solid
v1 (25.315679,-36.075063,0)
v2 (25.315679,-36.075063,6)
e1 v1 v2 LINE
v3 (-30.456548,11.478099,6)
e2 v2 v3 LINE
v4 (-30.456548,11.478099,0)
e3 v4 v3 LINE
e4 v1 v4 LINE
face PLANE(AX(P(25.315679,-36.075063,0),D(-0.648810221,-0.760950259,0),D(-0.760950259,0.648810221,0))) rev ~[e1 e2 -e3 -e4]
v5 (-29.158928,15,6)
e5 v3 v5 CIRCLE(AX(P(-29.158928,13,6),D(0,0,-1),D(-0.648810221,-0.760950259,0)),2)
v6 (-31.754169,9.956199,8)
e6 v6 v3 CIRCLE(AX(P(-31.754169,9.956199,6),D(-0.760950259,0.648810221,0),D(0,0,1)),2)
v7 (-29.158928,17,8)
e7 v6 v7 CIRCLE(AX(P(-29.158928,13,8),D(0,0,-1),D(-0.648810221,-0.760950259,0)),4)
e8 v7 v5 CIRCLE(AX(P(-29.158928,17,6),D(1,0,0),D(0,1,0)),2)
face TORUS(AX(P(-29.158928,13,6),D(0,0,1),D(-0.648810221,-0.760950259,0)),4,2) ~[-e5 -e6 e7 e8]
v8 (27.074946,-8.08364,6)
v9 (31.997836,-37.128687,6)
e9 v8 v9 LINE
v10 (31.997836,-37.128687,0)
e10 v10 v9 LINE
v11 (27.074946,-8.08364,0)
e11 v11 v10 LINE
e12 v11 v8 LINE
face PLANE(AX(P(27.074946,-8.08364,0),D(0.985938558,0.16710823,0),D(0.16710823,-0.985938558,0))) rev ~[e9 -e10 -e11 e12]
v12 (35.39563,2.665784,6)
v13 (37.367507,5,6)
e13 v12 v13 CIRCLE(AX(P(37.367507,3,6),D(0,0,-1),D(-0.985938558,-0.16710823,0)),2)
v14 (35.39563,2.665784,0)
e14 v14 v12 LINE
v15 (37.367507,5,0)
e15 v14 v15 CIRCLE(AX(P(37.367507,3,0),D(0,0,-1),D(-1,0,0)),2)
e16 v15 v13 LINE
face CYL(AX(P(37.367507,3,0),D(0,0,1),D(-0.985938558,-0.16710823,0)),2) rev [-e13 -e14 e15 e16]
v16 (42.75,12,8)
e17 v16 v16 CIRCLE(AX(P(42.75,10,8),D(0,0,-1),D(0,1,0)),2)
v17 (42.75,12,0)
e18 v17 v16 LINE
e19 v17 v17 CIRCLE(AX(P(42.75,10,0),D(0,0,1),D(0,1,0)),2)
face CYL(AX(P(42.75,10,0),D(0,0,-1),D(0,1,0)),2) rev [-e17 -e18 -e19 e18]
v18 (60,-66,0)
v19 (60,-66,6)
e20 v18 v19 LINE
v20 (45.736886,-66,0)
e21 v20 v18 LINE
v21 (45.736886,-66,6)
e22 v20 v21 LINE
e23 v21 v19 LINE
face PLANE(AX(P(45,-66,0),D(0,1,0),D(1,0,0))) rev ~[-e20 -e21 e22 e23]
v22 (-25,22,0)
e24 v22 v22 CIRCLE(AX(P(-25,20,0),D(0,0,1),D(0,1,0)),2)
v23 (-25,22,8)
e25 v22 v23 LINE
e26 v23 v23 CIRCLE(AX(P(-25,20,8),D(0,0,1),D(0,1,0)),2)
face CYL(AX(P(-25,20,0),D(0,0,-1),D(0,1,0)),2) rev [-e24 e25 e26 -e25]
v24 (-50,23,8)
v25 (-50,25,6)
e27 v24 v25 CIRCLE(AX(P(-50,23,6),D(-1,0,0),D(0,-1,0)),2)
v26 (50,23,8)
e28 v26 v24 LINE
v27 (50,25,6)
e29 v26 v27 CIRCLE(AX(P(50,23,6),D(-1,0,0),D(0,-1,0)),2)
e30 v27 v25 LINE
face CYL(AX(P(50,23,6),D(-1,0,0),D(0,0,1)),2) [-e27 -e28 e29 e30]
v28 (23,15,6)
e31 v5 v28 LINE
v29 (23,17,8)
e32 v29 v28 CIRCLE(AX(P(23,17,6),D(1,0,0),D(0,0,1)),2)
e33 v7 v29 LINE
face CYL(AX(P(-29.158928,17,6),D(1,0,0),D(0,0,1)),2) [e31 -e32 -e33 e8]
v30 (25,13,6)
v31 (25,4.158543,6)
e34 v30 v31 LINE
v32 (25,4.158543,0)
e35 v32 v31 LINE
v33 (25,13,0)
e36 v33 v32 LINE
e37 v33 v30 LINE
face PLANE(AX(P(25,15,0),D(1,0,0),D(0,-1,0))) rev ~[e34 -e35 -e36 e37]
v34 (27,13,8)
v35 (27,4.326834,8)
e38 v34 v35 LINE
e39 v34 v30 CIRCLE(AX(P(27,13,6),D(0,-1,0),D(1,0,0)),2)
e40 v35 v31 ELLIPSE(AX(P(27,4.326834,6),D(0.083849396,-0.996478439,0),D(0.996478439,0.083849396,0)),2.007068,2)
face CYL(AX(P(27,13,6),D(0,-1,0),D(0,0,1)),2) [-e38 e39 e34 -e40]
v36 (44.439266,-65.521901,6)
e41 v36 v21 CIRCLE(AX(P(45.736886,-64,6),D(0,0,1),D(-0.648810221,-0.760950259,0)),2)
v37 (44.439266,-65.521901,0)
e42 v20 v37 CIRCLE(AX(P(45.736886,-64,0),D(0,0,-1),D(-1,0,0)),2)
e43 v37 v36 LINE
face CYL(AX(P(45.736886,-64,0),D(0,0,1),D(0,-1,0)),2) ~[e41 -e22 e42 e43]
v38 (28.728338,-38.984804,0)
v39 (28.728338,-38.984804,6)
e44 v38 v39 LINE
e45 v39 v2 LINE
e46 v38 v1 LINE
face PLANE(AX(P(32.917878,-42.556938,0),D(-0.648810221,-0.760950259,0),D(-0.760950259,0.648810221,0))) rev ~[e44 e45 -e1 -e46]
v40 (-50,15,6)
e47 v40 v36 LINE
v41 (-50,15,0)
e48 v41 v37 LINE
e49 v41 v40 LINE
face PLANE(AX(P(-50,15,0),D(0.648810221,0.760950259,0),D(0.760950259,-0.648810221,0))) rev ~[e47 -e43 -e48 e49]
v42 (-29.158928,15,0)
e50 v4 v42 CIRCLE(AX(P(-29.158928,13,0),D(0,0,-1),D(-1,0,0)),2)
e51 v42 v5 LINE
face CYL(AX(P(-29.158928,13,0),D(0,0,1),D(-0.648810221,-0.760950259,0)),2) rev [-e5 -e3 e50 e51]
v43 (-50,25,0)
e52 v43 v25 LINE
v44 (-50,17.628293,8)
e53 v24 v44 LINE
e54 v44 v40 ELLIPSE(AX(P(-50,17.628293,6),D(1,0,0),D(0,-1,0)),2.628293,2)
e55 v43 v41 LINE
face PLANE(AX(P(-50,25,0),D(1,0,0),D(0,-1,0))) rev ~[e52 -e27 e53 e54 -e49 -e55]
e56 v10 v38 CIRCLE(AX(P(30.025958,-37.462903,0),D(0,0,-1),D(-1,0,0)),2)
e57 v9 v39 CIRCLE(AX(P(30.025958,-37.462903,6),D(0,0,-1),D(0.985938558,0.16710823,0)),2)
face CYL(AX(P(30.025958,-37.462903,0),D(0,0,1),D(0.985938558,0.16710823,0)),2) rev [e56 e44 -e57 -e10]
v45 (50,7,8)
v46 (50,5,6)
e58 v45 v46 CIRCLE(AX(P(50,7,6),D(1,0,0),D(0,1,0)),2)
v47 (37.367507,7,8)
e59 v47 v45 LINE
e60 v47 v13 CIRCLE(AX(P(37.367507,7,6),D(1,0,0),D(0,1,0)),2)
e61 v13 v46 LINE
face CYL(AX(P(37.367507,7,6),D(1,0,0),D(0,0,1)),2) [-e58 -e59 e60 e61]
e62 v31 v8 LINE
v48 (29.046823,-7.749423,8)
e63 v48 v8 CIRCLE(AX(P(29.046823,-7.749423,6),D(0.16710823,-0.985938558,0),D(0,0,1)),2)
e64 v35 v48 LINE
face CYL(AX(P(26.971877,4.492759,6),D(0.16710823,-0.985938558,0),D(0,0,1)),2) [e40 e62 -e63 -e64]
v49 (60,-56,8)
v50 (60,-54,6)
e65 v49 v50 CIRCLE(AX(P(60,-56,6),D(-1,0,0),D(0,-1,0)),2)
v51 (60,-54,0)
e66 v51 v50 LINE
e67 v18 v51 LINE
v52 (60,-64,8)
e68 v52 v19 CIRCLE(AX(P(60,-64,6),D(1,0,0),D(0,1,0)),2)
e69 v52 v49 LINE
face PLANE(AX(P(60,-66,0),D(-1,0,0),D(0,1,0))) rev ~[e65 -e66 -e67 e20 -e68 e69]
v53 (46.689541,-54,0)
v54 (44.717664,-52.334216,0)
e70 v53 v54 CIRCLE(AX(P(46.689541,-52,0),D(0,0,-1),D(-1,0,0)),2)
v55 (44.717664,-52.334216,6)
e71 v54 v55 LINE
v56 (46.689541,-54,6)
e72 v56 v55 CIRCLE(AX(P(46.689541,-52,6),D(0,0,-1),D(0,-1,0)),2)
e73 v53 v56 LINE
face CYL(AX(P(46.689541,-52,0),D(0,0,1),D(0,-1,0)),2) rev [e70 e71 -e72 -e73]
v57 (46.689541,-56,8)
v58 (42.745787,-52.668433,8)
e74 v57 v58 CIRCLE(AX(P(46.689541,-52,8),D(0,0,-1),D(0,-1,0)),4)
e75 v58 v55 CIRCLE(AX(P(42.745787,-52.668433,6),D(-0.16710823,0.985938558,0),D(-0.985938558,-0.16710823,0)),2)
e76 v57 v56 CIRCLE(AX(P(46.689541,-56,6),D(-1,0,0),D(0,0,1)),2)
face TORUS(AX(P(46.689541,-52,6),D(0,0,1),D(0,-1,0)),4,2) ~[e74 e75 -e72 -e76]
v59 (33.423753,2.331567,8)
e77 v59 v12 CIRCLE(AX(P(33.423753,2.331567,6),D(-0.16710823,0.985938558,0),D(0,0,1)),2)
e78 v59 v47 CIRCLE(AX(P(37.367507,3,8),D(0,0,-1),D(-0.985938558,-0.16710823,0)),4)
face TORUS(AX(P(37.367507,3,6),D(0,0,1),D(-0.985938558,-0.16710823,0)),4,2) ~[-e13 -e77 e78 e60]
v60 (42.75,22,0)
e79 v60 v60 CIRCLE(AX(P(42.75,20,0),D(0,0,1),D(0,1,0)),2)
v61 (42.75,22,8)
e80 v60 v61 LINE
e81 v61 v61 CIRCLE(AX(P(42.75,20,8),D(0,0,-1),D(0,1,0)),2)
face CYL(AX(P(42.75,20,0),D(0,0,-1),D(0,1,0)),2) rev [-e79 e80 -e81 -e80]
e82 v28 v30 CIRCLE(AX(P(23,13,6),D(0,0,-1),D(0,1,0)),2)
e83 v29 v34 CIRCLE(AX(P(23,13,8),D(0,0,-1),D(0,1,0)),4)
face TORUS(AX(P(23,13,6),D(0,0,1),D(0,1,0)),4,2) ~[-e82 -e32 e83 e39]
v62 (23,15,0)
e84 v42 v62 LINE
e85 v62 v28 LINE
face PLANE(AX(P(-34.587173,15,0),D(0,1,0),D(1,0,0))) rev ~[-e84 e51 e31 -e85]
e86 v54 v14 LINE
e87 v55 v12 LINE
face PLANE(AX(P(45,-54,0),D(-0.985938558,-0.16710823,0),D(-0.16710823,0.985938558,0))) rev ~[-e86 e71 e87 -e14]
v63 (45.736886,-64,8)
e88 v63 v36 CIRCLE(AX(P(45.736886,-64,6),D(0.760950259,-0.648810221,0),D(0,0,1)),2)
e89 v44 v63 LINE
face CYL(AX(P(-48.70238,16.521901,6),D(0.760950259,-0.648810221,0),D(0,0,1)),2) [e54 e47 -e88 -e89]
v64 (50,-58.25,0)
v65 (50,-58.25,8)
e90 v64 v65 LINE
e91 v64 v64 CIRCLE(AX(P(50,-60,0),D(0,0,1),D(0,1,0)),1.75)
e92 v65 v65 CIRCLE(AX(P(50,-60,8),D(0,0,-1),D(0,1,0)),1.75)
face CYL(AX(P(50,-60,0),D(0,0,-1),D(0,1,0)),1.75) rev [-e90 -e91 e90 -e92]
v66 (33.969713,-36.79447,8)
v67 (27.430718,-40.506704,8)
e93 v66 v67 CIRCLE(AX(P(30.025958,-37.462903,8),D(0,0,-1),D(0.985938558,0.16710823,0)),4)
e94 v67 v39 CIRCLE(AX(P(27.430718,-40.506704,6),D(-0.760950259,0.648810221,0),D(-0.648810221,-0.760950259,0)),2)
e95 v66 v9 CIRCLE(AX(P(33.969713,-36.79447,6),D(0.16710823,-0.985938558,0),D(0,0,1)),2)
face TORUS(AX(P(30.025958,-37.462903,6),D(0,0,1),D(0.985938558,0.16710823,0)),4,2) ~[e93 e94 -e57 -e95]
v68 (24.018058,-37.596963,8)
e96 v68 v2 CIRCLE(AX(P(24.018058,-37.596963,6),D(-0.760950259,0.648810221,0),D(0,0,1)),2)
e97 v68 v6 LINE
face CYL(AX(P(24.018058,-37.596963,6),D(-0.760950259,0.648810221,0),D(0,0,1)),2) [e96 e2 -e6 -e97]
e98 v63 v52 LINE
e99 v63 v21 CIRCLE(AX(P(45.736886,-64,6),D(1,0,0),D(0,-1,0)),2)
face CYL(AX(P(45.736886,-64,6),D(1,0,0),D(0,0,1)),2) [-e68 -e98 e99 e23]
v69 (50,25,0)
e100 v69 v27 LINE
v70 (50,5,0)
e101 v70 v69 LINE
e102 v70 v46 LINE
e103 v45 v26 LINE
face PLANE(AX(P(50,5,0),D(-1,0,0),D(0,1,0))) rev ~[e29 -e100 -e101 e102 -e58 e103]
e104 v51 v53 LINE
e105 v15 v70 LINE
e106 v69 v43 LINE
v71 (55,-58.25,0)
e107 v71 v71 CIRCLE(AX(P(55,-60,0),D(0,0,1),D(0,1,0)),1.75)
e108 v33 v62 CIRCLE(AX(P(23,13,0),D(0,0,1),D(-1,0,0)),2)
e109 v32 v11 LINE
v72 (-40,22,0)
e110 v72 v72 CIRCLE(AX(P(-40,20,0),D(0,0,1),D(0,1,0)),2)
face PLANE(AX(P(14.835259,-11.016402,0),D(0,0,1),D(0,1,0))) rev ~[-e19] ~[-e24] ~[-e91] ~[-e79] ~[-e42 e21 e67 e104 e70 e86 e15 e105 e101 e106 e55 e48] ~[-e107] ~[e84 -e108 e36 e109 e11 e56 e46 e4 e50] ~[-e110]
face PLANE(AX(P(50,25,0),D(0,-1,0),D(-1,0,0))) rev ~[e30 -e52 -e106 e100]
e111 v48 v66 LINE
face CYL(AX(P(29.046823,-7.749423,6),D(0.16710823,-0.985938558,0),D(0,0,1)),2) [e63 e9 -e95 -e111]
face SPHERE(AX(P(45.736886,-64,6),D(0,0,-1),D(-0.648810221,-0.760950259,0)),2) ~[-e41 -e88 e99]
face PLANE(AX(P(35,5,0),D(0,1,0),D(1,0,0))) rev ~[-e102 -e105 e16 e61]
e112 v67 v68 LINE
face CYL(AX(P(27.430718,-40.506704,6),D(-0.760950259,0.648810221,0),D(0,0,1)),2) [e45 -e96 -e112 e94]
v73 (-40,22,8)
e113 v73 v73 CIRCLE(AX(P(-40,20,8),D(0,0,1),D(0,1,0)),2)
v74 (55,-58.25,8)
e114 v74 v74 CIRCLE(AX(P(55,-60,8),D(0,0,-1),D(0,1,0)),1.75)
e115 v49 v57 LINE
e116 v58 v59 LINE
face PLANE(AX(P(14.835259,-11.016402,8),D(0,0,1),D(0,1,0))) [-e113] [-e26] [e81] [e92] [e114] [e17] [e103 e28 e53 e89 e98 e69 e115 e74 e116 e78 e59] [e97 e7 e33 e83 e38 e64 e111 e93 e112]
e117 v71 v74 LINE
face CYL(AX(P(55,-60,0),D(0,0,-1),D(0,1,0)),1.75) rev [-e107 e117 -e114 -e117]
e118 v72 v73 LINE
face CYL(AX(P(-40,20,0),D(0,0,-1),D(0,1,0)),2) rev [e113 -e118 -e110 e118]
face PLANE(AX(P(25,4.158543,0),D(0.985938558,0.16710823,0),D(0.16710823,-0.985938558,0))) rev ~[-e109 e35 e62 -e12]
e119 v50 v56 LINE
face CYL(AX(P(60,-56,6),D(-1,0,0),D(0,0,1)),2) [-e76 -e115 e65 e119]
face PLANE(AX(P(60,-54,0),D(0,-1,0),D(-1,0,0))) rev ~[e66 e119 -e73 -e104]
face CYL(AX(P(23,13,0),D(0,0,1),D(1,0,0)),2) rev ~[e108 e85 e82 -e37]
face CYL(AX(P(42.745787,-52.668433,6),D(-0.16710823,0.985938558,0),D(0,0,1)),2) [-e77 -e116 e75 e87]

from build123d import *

# Parameters (mm, degrees)
F0_R      = 2
F1_DEPTH  = 10
F2_R      = 5
F4_R      = 2
F5_DEPTH  = 10
F7_R      = 5
F7_2_R    = 5
F8_R      = 2
F8_2_R    = 2
F10_DEPTH = 25
F11_R     = 1.5
F12_R     = 1.75
F13_DEPTH = 12.5
F15_W     = 9
F15_H     = 20
F16_DEPTH = 10
F17_W     = 6
F17_H     = 20
F18_DEPTH = 25
F21_R     = 2
F22_DEPTH = 30
F24_R     = 2
F25_DEPTH = 12.5
F27_R     = 2
F28_R     = 2
F29_DEPTH = 8
F30_R     = 2
F31_R     = 2
F32_R     = 1.75
F33_DEPTH = 25
F32_R_2   = 2
F37_ANGLE = 90
F40_W     = 60
F40_H     = 10
F40_R     = 2
F41_DEPTH = 8
F43_R     = 1.5


with BuildPart() as f1:
    # F0 (on Top) → F1 (new body)
    with BuildSketch(Plane.XY):
        Polygon((0, 70), (0, 75), (-20, 75), (-30, 75), (-50, -75), (-40, -75), (0, -75), (0, -65), (-38.6666666667, -65), (-30.8, -6), (0, -6), (0, 0), (0, 6), (-29.2, 6), (-21.3333333333, 65), (0, 65), align=None)
        with Locations((-15, 0)):
            Circle(F0_R, mode=Mode.SUBTRACT)
        with Locations((-10.4101235047, 70)):
            Circle(F0_R, mode=Mode.SUBTRACT)
    extrude(amount=F1_DEPTH)

    # F2
    f2_edges = [f1.edges().sort_by_distance(p)[0] for p in [
        (-21.333333, 65, 5),
        (-30.8, -6, 5),
        (-29.2, 6, 5),
        (-38.666667, -65, 5),
        (-50, -75, 5),
    ]]
    fillet(f2_edges, radius=F2_R)

    # F3: F1 across plane


with BuildPart() as f1_1:
    add(f1.part)
    add(f1.part.mirror(Plane.YZ))

    # F4 (on Top) → F5 (join)
    with BuildSketch(Plane.XY):
        with BuildLine():
            Line((0, 80), (0, 75))
            Line((0, 75), (10, 75))
            Line((10, 75), (30, 75))
            Line((30, 75), (13.3333333333, 200))
            Line((13.3333333333, 200), (4.5, 200))
            Line((4.5, 200), (4.5, 192))
            ThreePointArc((4.5, 192), (3.1819805153, 188.8180194847), (0, 187.5))
            Line((0, 187.5), (0, 170.1721444783))
            Line((0, 170.1721444783), (7.3103807362, 170.1721444783))
            Line((7.3103807362, 170.1721444783), (10, 150))
            Line((10, 150), (18.6666666667, 85))
            Line((18.6666666667, 85), (10, 85))
            Line((10, 85), (0, 85))
            Line((0, 85), (0, 80))
        make_face()
        with Locations((10, 80)):
            Circle(F4_R, mode=Mode.SUBTRACT)
    extrude(amount=F5_DEPTH)


with BuildPart() as f6_1:
    # F6: instance of F1
    add(f1_1.part.mirror(Plane.YZ))

    # F7
    f7_edges = [f6_1.edges().sort_by_distance(p)[0] for p in [
        (-7.310381, 170.172144, 5),
        (-18.666667, 85, 5),
        (-13.333333, 200, 5),
    ]]
    fillet(f7_edges, radius=F7_R)

    # F8#2
    f8_2_edges = [f6_1.edges().sort_by_distance(p)[0] for p in [
        (-4.5, 200, 5),
    ]]
    fillet(f8_2_edges, radius=F8_2_R)


with BuildPart() as f1_2:
    add(f1_1.part)

    # F7#2
    f7_2_edges = [f1_2.edges().sort_by_distance(p)[0] for p in [
        (7.310381, 170.172144, 5),
        (18.666667, 85, 5),
        (13.333333, 200, 5),
    ]]
    fillet(f7_2_edges, radius=F7_2_R)

    # F8
    f8_edges = [f1_2.edges().sort_by_distance(p)[0] for p in [
        (4.5, 200, 5),
    ]]
    fillet(f8_edges, radius=F8_R)

    add(f6_1.part)  # F10 merges F6_1
    # F9 (on Top) → F10 (join)
    with BuildSketch(Plane.XY):
        Polygon((0, -6), (0, 0), (0, 6), (-6, 6), (-6, -6), align=None)
    extrude(amount=F10_DEPTH)

    # F11
    f11_edges = [f1_2.edges().sort_by_distance(p)[0] for p in [
        (-6, -6, 17.5),
        (-6, 0, 25),
        (-3, -6, 25),
        (-6, 6, 17.5),
        (-3, 6, 25),
    ]]
    fillet(f11_edges, radius=F11_R)


with BuildPart() as f13:
    # F12 (on Right) → F13 (new body, symmetric)
    with BuildSketch(Plane.YZ):
        with Locations((0, 20)):
            Circle(F12_R)
    extrude(amount=F13_DEPTH, both=True)


with BuildPart() as f13b:
    # F12 (on Right) → F13, piece 2 (new body, symmetric)
    with BuildSketch(Plane.YZ):
        with Locations((0, 15)):
            Circle(F12_R)
    extrude(amount=F13_DEPTH, both=True)


with BuildPart() as f1_3:
    add(f1_2.part)

    # F14: cut F13b, F13
    add(f13b.part, mode=Mode.SUBTRACT)
    add(f13.part, mode=Mode.SUBTRACT)


with BuildPart() as f16:
    # F15 (on Top) → F16 (new body)
    with BuildSketch(Plane.XY):
        Polygon((0, 65), (15, 65), (15, 85), (0, 85), (0, 75), align=None)
        Polygon((-6, 65), (0, 65), (0, 75), (0, 85), (-6, 85), align=None)
        with Locations((-10.5, 75)):
            Rectangle(F15_W, F15_H)
    extrude(amount=F16_DEPTH)


with BuildPart() as f18:
    # F17 (on Top) → F18 (new body)
    with BuildSketch(Plane.XY):
        with Locations((-3, 75)):
            Rectangle(F17_W, F17_H)
    extrude(amount=F18_DEPTH)


with BuildPart() as f16_1:
    add(f16.part)

    # F19: union F18
    add(f18.part)


with BuildPart() as f16_2:
    # F20: moved
    add(f16_1.part.moved(Location((0, 0, 10))))


with BuildPart() as f22:
    # F21 (on Top) → F22 (new body)
    with BuildSketch(Plane.XY):
        with Locations((-10, 80)):
            Circle(F21_R)
    extrude(amount=F22_DEPTH)


with BuildPart() as f22b:
    # F21 (on Top) → F22, piece 2 (new body)
    with BuildSketch(Plane.XY):
        with Locations((10, 80)):
            Circle(F21_R)
    extrude(amount=F22_DEPTH)


with BuildPart() as f22c:
    # F21 (on Top) → F22, piece 3 (new body)
    with BuildSketch(Plane.XY):
        with Locations((-10.4, 70)):
            Circle(F21_R)
    extrude(amount=F22_DEPTH)


with BuildPart() as f22d:
    # F21 (on Top) → F22, piece 4 (new body)
    with BuildSketch(Plane.XY):
        with Locations((10.4, 70)):
            Circle(F21_R)
    extrude(amount=F22_DEPTH)


with BuildPart() as f16_3:
    add(f16_2.part)

    # F23: cut F22d, F22c, F22b, F22
    add(f22d.part, mode=Mode.SUBTRACT)
    add(f22c.part, mode=Mode.SUBTRACT)
    add(f22b.part, mode=Mode.SUBTRACT)
    add(f22.part, mode=Mode.SUBTRACT)


with BuildPart() as f25:
    # F24 (on Right) → F25 (new body, symmetric)
    with BuildSketch(Plane.YZ):
        with Locations((80, 27.2266920656)):
            Circle(F24_R)
    extrude(amount=F25_DEPTH, both=True)


with BuildPart() as f25b:
    # F24 (on Right) → F25, piece 2 (new body, symmetric)
    with BuildSketch(Plane.YZ):
        with Locations((70, 27.2266920656)):
            Circle(F24_R)
    extrude(amount=F25_DEPTH, both=True)


with BuildPart() as f16_4:
    add(f16_3.part)

    # F26: cut F25b, F25
    add(f25b.part, mode=Mode.SUBTRACT)
    add(f25.part, mode=Mode.SUBTRACT)

    # F27
    f27_edges = [f16_4.edges().sort_by_distance(p)[0] for p in [
        (-6, 65, 27.5),
        (-3, 65, 35),
        (-10.5, 65, 20),
        (-15, 65, 15),
        (7.5, 65, 20),
        (15, 65, 15),
        (15, 75, 10),
        (-15, 75, 10),
        (-6, 75, 35),
        (-10.5, 85, 20),
        (-15, 85, 15),
        (-6, 85, 27.5),
        (-3, 85, 35),
        (7.5, 85, 20),
        (15, 85, 15),
    ]]
    fillet(f27_edges, radius=F27_R)


with BuildPart() as f29:
    # F28 (on Right) → F29 (new body)
    with BuildSketch(Plane.YZ):
        Polygon((-6, 10), (0, 10), (6, 10), (6, 25), (65, 35), (65, 20), (75, 20), (85, 20), (85, 35), (85, 120), (75, 120), (-6, 25), align=None)
        Polygon((17.4430621123, 37.0821219176), (23.9249371816, 44.6843210729), (75, 104.5871725266), (75, 45), (64.1585427985, 45), (51.9163602293, 42.9250538018), align=None, mode=Mode.SUBTRACT)
        with Locations((80, 95)):
            Circle(F28_R, mode=Mode.SUBTRACT)
        with Locations((80, 110)):
            Circle(F28_R, mode=Mode.SUBTRACT)
    extrude(amount=F29_DEPTH)

    # F30
    f30_edges = [f29.edges().sort_by_distance(p)[0] for p in [
        (4, 75, 104.587173),
        (4, 75, 45),
        (4, 17.443062, 37.082122),
        (4, 65, 35),
        (4, 6, 25),
        (4, -6, 25),
    ]]
    fillet(f30_edges, radius=F30_R)

    # F31
    f31_edges = [f29.edges().sort_by_distance(p)[0] for p in [
        (8, 46.246648, 70.864105),
        (8, 34.73905, 72.780367),
        (8, 35.165784, 29.943353),
        (8, 85, 70),
    ]]
    fillet(f31_edges, radius=F31_R)


with BuildPart() as f33:
    # F32 (on Right) → F33 (new body)
    with BuildSketch(Plane.YZ):
        with Locations((0, 20)):
            Circle(F32_R)
    extrude(amount=F33_DEPTH)


with BuildPart() as f33b:
    # F32 (on Right) → F33, piece 2 (new body)
    with BuildSketch(Plane.YZ):
        with Locations((0, 15)):
            Circle(F32_R)
    extrude(amount=F33_DEPTH)


with BuildPart() as f33c:
    # F32 (on Right) → F33, piece 3 (new body)
    with BuildSketch(Plane.YZ):
        with Locations((70, 27.25)):
            Circle(F32_R_2)
    extrude(amount=F33_DEPTH)


with BuildPart() as f33d:
    # F32 (on Right) → F33, piece 4 (new body)
    with BuildSketch(Plane.YZ):
        with Locations((80, 27.25)):
            Circle(F32_R_2)
    extrude(amount=F33_DEPTH)


with BuildPart() as f29_1:
    add(f29.part)

    # F34: cut F33d, F33c, F33b, F33
    add(f33d.part, mode=Mode.SUBTRACT)
    add(f33c.part, mode=Mode.SUBTRACT)
    add(f33b.part, mode=Mode.SUBTRACT)
    add(f33.part, mode=Mode.SUBTRACT)


with BuildPart() as f29_2:
    # F37: moved
    add(f29_1.part.rotate(Axis((0, -39.3833108246, 0), (0, -1, 0)), F37_ANGLE))


with BuildPart() as f29_3:
    # F38: moved
    add(f29_2.part.moved(Location((120, -60, 0))))


with BuildPart() as f39_1:
    # F39: instance of F29
    add(f29_3.part.mirror(Plane.YZ))


with BuildPart() as f41:
    # F40 (on Top) → F41 (new body)
    with BuildSketch(Plane.XY):
        with Locations((0, 20)):
            Rectangle(F40_W, F40_H)
        with Locations((-25, 20)):
            Circle(F40_R, mode=Mode.SUBTRACT)
        with Locations((-10, 20)):
            Circle(F40_R, mode=Mode.SUBTRACT)
        with Locations((10, 20)):
            Circle(F40_R, mode=Mode.SUBTRACT)
        with Locations((25, 20)):
            Circle(F40_R, mode=Mode.SUBTRACT)
    extrude(amount=F41_DEPTH)


with BuildPart() as f41_1:
    # F42: moved
    add(f41.part.moved(Location((0, 0, 8))))

    # F43
    f43_edges = [f41_1.edges().sort_by_distance(p)[0] for p in [
        (0, 15, 8),
        (30, 15, 12),
        (30, 25, 12),
        (30, 20, 8),
        (-30, 20, 8),
        (-30, 15, 12),
        (-30, 25, 12),
        (0, 25, 8),
    ]]
    fillet(f43_edges, radius=F43_R)


with BuildPart() as f29_4:
    # F45: moved
    add(f29_3.part.moved(Location((-50, 0, 0))))


solid = f29_4.part
